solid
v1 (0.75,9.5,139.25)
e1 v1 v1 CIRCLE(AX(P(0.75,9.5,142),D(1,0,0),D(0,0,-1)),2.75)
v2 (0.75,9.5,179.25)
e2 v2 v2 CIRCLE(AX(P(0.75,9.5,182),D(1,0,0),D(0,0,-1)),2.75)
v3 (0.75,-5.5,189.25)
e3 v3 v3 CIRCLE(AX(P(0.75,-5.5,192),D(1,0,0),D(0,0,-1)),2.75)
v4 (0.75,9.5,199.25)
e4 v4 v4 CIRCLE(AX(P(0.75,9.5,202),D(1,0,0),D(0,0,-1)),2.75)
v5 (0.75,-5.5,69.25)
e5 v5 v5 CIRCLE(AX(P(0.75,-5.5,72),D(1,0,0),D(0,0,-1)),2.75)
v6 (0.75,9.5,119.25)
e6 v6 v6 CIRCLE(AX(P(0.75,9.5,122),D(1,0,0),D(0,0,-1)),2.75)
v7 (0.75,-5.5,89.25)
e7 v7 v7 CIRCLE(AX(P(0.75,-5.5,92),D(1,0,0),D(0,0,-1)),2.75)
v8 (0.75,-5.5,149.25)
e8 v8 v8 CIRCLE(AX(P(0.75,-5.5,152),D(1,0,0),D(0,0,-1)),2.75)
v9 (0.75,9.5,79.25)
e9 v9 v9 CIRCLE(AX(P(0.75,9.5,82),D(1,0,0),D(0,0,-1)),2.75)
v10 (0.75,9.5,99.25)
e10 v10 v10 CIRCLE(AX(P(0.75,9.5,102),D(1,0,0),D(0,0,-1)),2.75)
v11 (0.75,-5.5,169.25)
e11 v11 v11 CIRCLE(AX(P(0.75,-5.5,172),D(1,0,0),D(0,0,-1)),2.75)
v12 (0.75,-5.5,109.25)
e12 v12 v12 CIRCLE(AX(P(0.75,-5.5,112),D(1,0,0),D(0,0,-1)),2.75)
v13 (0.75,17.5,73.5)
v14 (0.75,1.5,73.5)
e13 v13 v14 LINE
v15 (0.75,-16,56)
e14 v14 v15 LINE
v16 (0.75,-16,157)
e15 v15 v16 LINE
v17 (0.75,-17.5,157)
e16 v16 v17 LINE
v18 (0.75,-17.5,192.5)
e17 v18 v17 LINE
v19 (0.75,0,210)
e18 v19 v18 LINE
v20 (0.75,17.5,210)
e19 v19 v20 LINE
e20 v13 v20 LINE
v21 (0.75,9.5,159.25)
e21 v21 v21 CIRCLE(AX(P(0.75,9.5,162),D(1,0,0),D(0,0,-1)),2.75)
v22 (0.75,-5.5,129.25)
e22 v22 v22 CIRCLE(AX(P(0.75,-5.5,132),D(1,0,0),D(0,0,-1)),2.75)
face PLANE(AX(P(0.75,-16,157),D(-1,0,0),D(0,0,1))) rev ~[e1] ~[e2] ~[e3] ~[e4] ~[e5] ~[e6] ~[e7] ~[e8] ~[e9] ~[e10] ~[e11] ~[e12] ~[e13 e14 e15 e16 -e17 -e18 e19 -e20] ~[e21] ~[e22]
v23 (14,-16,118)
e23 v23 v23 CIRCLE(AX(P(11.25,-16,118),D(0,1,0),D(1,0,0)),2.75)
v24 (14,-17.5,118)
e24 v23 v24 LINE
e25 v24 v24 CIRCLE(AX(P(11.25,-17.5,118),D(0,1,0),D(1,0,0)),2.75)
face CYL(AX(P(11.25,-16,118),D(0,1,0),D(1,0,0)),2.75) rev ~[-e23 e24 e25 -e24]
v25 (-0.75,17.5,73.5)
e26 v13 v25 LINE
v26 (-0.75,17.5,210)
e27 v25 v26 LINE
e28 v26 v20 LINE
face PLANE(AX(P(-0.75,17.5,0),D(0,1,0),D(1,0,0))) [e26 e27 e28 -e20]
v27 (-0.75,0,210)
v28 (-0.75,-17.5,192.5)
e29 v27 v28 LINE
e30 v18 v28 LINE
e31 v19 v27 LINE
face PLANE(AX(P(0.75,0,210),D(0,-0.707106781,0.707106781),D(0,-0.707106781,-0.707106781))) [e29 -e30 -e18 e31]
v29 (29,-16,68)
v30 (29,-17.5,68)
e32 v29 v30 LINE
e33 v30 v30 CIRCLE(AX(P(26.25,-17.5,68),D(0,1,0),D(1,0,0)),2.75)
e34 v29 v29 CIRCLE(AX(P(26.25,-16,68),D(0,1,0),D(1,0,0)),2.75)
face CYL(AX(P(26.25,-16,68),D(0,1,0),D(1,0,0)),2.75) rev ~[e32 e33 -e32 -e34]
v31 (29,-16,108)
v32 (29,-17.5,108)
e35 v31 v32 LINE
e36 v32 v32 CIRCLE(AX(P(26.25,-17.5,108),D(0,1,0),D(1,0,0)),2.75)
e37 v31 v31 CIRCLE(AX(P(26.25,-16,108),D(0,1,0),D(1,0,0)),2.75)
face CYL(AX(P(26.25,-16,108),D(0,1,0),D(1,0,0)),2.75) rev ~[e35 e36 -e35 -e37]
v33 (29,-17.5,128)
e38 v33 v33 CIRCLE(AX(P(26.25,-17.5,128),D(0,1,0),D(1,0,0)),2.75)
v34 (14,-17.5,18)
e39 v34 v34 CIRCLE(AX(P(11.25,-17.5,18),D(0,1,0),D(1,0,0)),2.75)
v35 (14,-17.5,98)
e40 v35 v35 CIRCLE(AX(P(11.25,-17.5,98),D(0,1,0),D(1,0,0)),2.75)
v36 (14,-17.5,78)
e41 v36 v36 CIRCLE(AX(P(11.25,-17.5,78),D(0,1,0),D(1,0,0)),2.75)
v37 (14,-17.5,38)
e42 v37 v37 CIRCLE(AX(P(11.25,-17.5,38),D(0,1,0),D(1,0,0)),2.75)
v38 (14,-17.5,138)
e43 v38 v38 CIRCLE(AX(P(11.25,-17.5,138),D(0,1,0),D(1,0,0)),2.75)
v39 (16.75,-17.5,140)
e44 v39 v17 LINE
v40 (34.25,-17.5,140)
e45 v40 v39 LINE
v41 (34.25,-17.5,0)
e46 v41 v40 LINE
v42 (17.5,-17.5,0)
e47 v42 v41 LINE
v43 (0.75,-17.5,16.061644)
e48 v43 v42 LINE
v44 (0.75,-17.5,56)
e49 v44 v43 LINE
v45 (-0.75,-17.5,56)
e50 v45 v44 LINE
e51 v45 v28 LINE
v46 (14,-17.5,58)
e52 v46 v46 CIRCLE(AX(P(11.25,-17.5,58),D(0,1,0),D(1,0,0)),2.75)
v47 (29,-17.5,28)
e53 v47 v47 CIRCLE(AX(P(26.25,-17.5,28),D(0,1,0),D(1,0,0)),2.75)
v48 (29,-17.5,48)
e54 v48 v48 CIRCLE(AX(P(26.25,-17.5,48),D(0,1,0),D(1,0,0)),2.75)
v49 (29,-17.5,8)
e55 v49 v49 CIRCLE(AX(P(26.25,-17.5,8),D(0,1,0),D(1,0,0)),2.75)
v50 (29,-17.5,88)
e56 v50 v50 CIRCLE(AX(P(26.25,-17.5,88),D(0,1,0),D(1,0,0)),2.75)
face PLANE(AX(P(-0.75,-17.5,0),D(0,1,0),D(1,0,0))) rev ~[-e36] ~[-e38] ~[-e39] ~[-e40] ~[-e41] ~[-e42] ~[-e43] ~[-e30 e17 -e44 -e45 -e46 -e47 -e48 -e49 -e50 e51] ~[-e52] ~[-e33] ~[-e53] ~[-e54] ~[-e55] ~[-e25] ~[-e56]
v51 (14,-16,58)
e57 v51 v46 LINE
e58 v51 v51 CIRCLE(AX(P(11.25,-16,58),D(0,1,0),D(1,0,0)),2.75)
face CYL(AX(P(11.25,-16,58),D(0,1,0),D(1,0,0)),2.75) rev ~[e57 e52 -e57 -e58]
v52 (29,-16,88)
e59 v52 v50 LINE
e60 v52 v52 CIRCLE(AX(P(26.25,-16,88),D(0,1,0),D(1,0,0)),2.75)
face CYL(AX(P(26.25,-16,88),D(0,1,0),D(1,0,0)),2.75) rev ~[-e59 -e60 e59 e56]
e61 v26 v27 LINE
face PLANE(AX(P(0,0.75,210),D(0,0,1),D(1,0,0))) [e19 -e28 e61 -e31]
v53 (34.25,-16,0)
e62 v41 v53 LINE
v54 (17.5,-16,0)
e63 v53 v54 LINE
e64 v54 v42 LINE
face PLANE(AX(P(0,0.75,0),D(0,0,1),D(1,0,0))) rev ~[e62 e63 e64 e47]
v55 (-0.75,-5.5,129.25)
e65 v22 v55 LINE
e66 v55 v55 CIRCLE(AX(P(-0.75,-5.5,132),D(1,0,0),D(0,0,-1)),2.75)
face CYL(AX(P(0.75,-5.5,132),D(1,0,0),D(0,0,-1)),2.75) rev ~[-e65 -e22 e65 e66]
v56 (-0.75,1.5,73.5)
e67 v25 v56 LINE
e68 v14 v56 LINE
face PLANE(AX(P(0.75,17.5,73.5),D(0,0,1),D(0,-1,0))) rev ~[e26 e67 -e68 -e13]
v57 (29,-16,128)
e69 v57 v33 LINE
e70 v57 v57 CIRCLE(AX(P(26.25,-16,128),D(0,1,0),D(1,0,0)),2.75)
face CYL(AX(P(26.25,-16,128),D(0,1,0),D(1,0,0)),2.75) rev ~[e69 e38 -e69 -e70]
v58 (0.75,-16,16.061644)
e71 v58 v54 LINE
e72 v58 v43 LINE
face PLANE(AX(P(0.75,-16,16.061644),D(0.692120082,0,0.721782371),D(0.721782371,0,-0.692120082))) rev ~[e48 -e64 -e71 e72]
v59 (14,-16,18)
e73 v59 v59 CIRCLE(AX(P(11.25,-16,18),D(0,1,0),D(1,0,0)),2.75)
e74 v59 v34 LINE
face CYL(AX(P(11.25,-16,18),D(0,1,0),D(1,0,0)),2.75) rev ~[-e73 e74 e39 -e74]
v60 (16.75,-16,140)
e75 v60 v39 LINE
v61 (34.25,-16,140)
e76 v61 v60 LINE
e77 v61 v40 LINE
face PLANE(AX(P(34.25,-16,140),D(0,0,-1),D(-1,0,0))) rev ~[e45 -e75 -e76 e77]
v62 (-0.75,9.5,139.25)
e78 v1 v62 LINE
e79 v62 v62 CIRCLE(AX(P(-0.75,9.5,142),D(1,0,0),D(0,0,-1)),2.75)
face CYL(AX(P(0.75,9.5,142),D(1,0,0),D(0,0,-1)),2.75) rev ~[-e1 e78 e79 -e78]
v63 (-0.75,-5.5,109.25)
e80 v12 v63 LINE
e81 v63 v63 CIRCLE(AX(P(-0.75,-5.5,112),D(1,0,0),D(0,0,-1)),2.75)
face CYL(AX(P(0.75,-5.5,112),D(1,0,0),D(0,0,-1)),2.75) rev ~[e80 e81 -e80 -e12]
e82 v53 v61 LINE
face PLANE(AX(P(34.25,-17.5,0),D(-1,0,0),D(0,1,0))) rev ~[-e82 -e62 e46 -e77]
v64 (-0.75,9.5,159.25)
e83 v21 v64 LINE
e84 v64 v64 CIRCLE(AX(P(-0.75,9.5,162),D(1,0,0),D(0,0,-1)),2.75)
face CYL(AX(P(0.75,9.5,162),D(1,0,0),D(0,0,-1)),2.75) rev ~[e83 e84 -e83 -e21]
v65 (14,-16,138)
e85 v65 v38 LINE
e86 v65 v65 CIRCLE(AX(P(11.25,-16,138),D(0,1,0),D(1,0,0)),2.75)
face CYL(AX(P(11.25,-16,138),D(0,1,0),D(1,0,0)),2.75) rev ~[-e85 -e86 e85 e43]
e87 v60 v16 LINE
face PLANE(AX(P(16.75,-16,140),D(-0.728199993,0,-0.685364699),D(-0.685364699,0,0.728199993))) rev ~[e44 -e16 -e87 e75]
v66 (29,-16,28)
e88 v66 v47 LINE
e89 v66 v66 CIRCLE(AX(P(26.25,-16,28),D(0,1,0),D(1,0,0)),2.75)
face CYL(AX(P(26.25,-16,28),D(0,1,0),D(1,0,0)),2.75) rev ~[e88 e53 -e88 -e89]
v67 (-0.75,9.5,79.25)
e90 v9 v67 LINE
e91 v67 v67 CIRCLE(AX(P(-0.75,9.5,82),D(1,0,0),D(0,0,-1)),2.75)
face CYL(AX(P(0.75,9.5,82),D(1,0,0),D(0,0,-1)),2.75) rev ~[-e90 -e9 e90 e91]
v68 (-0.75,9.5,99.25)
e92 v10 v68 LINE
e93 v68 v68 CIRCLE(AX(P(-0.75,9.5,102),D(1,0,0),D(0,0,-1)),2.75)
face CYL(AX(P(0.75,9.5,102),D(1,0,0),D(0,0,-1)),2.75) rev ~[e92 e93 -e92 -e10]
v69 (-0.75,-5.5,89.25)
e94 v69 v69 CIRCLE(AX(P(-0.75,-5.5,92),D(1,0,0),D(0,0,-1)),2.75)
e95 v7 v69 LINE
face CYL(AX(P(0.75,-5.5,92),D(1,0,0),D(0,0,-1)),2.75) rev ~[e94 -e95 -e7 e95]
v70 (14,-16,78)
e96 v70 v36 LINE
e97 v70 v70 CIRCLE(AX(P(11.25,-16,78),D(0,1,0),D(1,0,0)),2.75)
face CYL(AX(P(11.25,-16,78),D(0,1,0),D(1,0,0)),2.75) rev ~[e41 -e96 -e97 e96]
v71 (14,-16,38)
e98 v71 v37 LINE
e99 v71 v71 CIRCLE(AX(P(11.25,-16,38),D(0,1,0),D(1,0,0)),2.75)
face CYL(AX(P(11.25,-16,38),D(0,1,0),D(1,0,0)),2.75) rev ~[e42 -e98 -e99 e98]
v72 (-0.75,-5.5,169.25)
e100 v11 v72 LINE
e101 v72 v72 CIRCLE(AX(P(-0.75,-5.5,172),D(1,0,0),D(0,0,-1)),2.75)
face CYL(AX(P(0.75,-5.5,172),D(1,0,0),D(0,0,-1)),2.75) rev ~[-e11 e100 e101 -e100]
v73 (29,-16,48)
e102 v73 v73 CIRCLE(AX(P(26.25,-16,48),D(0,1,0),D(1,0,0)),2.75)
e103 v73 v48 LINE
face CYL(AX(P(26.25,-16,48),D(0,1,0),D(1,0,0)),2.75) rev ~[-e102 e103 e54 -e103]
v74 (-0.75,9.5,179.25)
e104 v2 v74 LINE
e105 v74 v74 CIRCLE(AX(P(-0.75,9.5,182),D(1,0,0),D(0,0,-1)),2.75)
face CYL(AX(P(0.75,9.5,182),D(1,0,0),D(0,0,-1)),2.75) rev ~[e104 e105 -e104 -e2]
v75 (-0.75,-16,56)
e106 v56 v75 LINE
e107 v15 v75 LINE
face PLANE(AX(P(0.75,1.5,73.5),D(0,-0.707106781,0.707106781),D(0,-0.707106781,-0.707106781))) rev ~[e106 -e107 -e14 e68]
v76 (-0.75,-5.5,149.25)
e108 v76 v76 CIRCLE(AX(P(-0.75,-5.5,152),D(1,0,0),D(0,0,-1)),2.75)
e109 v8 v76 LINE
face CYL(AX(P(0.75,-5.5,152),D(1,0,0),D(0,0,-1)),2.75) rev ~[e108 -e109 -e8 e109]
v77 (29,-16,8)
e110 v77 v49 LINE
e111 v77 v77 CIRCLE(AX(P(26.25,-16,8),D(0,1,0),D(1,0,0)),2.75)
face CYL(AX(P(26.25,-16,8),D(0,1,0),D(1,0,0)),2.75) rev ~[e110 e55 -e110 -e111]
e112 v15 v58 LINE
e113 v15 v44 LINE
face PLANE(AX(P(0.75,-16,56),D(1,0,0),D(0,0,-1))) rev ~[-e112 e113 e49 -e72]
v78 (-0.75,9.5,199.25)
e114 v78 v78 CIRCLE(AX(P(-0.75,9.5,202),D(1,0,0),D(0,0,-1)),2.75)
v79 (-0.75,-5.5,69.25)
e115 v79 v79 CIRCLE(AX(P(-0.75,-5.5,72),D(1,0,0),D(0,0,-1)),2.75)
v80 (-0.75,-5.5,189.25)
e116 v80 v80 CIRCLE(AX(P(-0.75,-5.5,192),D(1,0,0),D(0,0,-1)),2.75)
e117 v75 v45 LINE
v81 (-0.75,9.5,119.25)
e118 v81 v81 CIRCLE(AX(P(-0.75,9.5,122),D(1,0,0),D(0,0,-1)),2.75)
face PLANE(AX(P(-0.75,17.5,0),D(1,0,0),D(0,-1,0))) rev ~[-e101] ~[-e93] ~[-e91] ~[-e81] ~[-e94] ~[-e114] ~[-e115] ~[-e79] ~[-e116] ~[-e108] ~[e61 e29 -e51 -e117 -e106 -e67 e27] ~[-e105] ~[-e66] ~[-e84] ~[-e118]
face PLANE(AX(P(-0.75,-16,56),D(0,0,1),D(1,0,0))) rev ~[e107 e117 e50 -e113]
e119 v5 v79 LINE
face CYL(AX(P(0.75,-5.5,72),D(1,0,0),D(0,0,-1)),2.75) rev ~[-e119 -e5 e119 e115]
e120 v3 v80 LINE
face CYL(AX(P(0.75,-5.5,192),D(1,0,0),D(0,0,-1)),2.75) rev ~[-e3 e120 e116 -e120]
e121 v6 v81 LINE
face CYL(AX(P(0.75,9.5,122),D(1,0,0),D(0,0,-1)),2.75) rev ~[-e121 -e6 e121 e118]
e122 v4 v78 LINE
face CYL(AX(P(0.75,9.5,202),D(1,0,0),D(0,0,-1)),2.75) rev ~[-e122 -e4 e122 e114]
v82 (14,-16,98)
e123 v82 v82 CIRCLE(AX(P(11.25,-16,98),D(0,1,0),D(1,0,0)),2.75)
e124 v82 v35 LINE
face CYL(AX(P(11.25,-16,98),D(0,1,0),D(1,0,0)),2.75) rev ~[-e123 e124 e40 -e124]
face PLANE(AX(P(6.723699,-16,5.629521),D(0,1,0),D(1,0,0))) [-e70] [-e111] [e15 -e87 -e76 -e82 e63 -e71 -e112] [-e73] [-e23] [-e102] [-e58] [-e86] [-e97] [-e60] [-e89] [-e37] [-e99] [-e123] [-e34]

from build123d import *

# Parameters (mm, degrees)
SKETCH1_W               = 1.5
SKETCH1_H               = 33.5
SKETCH1_W_2             = 33.5
SKETCH1_H_2             = 1.5
BOSS_EXTRUDE1_DEPTH     = 210
CUT_EXTRUDE7_DEPTH      = 81
CUT_EXTRUDE7_DEPTH_BACK = 52
CUT_EXTRUDE8_DEPTH      = 52
CUT_EXTRUDE8_DEPTH_BACK = 52
SKETCH5_R               = 2.75
CUT_EXTRUDE9_DEPTH      = 52
SKETCH6_R               = 2.75
CUT_EXTRUDE10_DEPTH     = 52


with BuildPart() as part:
    # Sketch1 → Boss-Extrude1 (new body)
    with BuildSketch(Plane.XY):
        with Locations((0, 0.75)):
            Rectangle(SKETCH1_W, SKETCH1_H)
        with Locations((17.5, -16.75)):
            Rectangle(SKETCH1_W_2, SKETCH1_H_2)
        with Locations((0, -16.75)):
            Rectangle(SKETCH1_W, SKETCH1_H_2)
    extrude(amount=BOSS_EXTRUDE1_DEPTH)

    # Sketch2 → Cut-Extrude7 (cut, two sides)
    with BuildSketch(Plane(origin=(0, -16, 0), x_dir=(1, 0, 0), z_dir=(0, 1, 0))) as cut_extrude7_sk:
        Polygon((0.75, -16.061643836), (17.5, 0), (0.75, 0), align=None)
        Polygon((0.75, -56), (0.75, -16.061643836), (0.75, 0), (-0.75, 0), (-0.75, -17.5), (-0.75, -56), align=None)
        Polygon((34.25, -210), (34.25, -140), (16.75, -140), (0.75, -157), (0.75, -210), align=None)
    extrude(amount=CUT_EXTRUDE7_DEPTH, mode=Mode.SUBTRACT)
    extrude(cut_extrude7_sk.sketch, amount=-CUT_EXTRUDE7_DEPTH_BACK, mode=Mode.SUBTRACT)

    # Sketch4 → Cut-Extrude8 (cut, two sides)
    with BuildSketch(Plane(origin=(0.75, 0, 0), x_dir=(0, 0, -1), z_dir=(1, 0, 0))) as cut_extrude8_sk:
        Polygon((-73.5, 1.5), (-56, -16), (-56, 17.5), (-73.5, 17.5), align=None)
        Polygon((-210, 0), (-192.5, -17.5), (-210, -17.5), align=None)
    extrude(amount=CUT_EXTRUDE8_DEPTH, mode=Mode.SUBTRACT)
    extrude(cut_extrude8_sk.sketch, amount=-CUT_EXTRUDE8_DEPTH_BACK, mode=Mode.SUBTRACT)

    # Sketch5 → Cut-Extrude9 (cut)
    with BuildSketch(Plane(origin=(0.75, 0, 0), x_dir=(0, 0, -1), z_dir=(1, 0, 0))):
        with Locations((-72, -5.5)):
            Circle(SKETCH5_R)
        with Locations((-92, -5.5)):
            Circle(SKETCH5_R)
        with Locations((-112, -5.5)):
            Circle(SKETCH5_R)
        with Locations((-132, -5.5)):
            Circle(SKETCH5_R)
        with Locations((-152, -5.5)):
            Circle(SKETCH5_R)
        with Locations((-172, -5.5)):
            Circle(SKETCH5_R)
        with Locations((-192, -5.5)):
            Circle(SKETCH5_R)
        with Locations((-202, 9.5)):
            Circle(SKETCH5_R)
        with Locations((-182, 9.5)):
            Circle(SKETCH5_R)
        with Locations((-162, 9.5)):
            Circle(SKETCH5_R)
        with Locations((-142, 9.5)):
            Circle(SKETCH5_R)
        with Locations((-122, 9.5)):
            Circle(SKETCH5_R)
        with Locations((-102, 9.5)):
            Circle(SKETCH5_R)
        with Locations((-82, 9.5)):
            Circle(SKETCH5_R)
    extrude(amount=-CUT_EXTRUDE9_DEPTH, mode=Mode.SUBTRACT)

    # Sketch6 → Cut-Extrude10 (cut)
    with BuildSketch(Plane(origin=(0, -16, 0), x_dir=(1, 0, 0), z_dir=(0, 1, 0))):
        with Locations((26.25, -8)):
            Circle(SKETCH6_R)
        with Locations((26.25, -28)):
            Circle(SKETCH6_R)
        with Locations((26.25, -48)):
            Circle(SKETCH6_R)
        with Locations((26.25, -68)):
            Circle(SKETCH6_R)
        with Locations((26.25, -88)):
            Circle(SKETCH6_R)
        with Locations((26.25, -108)):
            Circle(SKETCH6_R)
        with Locations((26.25, -128)):
            Circle(SKETCH6_R)
        with Locations((11.25, -138)):
            Circle(SKETCH6_R)
        with Locations((11.25, -118)):
            Circle(SKETCH6_R)
        with Locations((11.25, -98)):
            Circle(SKETCH6_R)
        with Locations((11.25, -78)):
            Circle(SKETCH6_R)
        with Locations((11.25, -58)):
            Circle(SKETCH6_R)
        with Locations((11.25, -38)):
            Circle(SKETCH6_R)
        with Locations((11.25, -18)):
            Circle(SKETCH6_R)
    extrude(amount=-CUT_EXTRUDE10_DEPTH, mode=Mode.SUBTRACT)


solid = part.part
